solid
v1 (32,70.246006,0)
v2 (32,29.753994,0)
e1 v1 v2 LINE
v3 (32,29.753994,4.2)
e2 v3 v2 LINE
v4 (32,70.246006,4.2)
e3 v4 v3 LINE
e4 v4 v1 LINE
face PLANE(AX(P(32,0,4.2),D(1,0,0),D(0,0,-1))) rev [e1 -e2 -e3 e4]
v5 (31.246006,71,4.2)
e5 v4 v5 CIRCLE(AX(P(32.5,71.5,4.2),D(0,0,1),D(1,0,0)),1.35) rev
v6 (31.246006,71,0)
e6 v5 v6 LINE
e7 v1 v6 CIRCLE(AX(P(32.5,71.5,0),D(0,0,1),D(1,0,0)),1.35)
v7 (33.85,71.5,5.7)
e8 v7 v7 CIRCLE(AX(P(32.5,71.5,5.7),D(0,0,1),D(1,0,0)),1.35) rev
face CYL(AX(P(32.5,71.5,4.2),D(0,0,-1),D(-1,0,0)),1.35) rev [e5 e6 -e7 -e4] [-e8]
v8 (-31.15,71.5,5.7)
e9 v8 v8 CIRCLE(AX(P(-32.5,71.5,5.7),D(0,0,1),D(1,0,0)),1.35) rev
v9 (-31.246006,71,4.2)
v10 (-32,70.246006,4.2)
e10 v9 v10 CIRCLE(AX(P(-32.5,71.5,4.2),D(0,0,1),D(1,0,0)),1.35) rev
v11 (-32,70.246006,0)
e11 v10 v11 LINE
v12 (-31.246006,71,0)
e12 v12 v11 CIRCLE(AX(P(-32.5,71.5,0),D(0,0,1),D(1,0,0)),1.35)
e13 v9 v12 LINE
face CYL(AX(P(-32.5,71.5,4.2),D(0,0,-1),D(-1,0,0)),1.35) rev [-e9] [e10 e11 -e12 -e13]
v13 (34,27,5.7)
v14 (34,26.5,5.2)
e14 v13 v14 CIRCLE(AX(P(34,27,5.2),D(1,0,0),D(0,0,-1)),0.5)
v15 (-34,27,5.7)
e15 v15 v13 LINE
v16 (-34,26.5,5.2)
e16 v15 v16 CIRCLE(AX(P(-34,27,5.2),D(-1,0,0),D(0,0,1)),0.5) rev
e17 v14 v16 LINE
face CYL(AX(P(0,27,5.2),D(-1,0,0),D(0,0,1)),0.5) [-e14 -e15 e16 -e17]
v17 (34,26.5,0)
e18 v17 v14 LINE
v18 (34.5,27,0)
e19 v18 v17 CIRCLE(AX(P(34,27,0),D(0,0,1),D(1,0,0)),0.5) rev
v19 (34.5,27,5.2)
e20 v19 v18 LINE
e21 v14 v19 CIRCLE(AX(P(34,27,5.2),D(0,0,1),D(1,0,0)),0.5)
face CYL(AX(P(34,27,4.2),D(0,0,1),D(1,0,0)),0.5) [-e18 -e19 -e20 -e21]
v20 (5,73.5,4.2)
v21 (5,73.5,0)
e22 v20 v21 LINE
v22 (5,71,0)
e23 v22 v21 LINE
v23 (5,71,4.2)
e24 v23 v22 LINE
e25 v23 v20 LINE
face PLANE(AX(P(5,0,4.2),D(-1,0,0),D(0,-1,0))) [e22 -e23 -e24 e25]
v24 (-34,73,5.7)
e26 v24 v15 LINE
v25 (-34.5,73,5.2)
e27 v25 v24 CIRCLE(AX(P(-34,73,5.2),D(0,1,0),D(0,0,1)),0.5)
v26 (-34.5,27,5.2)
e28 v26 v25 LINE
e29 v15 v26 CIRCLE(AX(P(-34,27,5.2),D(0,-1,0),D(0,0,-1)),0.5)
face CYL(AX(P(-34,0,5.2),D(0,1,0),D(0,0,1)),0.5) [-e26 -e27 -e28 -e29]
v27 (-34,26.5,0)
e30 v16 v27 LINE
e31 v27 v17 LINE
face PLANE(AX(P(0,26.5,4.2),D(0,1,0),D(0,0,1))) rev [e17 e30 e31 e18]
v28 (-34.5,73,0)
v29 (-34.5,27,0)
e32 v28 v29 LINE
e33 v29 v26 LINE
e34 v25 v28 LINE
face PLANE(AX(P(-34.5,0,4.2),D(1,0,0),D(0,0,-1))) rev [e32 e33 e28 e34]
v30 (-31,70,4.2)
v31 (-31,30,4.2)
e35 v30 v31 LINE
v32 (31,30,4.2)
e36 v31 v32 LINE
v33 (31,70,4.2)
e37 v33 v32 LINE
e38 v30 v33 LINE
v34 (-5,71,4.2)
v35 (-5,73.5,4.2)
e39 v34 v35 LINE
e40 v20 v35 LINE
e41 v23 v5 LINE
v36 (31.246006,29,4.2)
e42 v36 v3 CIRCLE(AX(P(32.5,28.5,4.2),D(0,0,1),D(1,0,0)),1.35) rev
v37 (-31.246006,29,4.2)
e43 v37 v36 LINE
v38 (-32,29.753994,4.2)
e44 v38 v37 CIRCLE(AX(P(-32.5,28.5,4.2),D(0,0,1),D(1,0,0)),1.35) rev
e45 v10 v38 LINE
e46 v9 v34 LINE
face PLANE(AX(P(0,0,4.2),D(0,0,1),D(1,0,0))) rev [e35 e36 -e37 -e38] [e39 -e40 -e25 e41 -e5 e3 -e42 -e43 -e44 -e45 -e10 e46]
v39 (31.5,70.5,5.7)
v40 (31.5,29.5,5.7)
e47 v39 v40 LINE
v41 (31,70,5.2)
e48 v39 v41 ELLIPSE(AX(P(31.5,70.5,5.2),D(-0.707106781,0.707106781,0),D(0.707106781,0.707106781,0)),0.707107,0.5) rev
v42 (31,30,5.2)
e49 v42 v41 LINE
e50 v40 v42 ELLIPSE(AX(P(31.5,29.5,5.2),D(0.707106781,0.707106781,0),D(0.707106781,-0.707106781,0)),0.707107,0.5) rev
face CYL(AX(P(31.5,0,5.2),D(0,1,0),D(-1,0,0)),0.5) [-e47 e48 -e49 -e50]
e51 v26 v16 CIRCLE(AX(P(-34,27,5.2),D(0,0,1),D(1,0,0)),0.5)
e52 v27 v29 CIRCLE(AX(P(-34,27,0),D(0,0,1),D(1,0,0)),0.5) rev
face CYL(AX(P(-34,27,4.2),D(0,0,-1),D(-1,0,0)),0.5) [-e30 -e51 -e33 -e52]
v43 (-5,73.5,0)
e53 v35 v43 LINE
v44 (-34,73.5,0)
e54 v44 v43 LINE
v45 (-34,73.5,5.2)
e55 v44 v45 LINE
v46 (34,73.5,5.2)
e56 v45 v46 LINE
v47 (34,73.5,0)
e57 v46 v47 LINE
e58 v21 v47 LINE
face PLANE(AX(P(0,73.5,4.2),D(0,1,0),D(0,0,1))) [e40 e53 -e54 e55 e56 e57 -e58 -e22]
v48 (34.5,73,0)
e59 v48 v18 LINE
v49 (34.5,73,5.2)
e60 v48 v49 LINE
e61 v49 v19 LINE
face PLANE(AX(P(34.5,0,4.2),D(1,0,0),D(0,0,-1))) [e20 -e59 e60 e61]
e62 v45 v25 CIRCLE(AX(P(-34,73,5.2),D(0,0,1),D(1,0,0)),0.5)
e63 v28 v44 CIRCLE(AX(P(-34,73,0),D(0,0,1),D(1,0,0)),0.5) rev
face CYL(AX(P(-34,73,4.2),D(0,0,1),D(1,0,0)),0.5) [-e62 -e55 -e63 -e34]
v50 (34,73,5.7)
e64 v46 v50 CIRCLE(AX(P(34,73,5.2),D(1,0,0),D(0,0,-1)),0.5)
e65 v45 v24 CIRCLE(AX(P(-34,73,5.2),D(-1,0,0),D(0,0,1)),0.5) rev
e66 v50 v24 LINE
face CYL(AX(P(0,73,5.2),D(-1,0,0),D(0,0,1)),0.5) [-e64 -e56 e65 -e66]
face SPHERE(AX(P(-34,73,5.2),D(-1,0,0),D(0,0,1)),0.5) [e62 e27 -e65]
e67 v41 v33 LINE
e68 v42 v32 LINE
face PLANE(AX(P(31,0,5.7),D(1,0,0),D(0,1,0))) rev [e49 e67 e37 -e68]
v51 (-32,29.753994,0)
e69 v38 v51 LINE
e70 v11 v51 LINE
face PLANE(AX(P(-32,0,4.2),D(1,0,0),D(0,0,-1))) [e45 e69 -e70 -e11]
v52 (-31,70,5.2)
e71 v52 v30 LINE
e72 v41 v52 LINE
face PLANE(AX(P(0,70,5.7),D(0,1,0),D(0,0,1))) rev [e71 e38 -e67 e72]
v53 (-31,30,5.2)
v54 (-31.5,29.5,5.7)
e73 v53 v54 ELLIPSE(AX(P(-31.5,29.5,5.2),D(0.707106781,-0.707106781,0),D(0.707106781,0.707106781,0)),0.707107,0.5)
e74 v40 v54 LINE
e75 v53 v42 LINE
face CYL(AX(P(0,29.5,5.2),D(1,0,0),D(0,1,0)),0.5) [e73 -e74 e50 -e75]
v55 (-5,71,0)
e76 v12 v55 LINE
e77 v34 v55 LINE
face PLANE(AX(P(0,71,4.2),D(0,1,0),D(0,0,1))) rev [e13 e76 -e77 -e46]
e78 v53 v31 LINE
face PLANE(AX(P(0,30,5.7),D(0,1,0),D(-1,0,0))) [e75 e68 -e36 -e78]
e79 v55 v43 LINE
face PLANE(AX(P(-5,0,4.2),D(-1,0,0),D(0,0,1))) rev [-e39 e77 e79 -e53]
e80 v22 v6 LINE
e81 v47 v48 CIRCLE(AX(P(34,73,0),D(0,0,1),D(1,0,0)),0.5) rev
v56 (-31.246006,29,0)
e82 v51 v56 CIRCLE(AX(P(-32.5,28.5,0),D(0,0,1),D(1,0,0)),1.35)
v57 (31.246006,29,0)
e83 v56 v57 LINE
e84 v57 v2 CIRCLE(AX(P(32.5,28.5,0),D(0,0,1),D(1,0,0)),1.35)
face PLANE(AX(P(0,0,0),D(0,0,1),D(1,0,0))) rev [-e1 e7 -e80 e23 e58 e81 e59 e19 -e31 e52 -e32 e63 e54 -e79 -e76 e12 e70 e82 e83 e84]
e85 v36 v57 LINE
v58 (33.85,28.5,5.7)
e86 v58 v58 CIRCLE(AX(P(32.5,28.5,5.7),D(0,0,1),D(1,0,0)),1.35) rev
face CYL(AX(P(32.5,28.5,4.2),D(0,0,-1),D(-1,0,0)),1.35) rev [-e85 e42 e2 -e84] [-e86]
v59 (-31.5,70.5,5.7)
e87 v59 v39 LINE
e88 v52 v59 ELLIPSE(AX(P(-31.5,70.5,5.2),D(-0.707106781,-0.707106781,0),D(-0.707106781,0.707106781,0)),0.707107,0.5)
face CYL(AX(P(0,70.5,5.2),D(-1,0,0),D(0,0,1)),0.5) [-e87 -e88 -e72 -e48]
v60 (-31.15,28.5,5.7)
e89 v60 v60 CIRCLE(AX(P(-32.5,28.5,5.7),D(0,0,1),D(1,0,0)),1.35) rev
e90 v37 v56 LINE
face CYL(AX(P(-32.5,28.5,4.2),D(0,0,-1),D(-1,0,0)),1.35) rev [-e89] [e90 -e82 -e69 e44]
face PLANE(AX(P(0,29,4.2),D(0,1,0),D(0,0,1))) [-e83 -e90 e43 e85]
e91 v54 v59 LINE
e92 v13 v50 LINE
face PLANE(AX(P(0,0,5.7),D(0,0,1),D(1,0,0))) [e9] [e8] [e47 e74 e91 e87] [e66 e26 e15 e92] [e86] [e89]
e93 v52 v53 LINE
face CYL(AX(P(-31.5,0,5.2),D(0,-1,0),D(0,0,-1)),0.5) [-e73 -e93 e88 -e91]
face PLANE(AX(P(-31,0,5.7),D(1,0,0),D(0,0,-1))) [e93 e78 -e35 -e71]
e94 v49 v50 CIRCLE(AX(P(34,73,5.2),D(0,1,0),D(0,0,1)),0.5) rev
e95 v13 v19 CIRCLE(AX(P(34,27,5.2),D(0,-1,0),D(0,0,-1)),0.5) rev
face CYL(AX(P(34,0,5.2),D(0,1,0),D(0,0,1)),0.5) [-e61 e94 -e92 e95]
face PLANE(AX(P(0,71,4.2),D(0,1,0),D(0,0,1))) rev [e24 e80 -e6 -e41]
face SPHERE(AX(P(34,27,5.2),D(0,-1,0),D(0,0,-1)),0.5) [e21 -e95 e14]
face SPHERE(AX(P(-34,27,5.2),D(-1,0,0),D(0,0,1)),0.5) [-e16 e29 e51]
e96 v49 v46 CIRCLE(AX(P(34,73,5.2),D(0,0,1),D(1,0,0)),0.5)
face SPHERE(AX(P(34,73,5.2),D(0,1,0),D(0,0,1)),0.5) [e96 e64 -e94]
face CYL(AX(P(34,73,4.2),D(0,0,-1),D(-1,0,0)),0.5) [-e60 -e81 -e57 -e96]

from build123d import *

# Parameters (mm, degrees)
BOSS_EXTRUDE1_DEPTH = 4.2
SKETCH2_W           = 62
SKETCH2_H           = 40
BOSS_EXTRUDE2_DEPTH = 1.5
FILLET1_R           = 0.5


with BuildPart() as part:
    # Sketch1 → Boss-Extrude1 (new body)
    with BuildSketch(Plane.XY):
        with BuildLine():
            Line((-5, 73.5), (-34.5, 73.5))
            Line((-34.5, 73.5), (-34.5, 26.5))
            Line((-34.5, 26.5), (34.5, 26.5))
            Line((34.5, 26.5), (34.5, 73.5))
            Line((34.5, 73.5), (5, 73.5))
            Line((5, 73.5), (5, 71))
            Line((5, 71), (31.24600638, 71))
            ThreePointArc((31.24600638, 71), (32.245433101, 72.825781164), (33.85, 71.5))
            ThreePointArc((33.85, 71.5), (33.25746287, 70.382525168), (32, 70.24600638))
            Line((32, 70.24600638), (32, 29.75399362))
            ThreePointArc((32, 29.75399362), (33.25746287, 29.617474832), (33.85, 28.5))
            ThreePointArc((33.85, 28.5), (32.245433101, 27.174218836), (31.24600638, 29))
            Line((31.24600638, 29), (-31.24600638, 29))
            ThreePointArc((-31.24600638, 29), (-31.174218836, 28.754566899), (-31.15, 28.5))
            ThreePointArc((-31.15, 28.5), (-33.617474832, 27.74253713), (-32, 29.75399362))
            Line((-32, 29.75399362), (-32, 70.24600638))
            ThreePointArc((-32, 70.24600638), (-33.617474832, 72.25746287), (-31.15, 71.5))
            ThreePointArc((-31.15, 71.5), (-31.174218836, 71.245433101), (-31.24600638, 71))
            Line((-31.24600638, 71), (-5, 71))
            Line((-5, 71), (-5, 73.5))
        make_face()
    extrude(amount=BOSS_EXTRUDE1_DEPTH)

    # Sketch2 → Boss-Extrude2 (add)
    # profile 1 of 2: a face of its own
    with BuildSketch(Plane.XY.offset(4.2)):
        with BuildLine():
            Line((31.24600638, 29), (-31.24600638, 29))
            ThreePointArc((-31.24600638, 29), (-33.454594155, 27.545405845), (-32, 29.75399362))
            Line((-32, 29.75399362), (-32, 70.24600638))
            ThreePointArc((-32, 70.24600638), (-33.454594155, 72.454594155), (-31.24600638, 71))
            Line((-31.24600638, 71), (-5, 71))
            Line((-5, 71), (-5, 73.5))
            Line((-5, 73.5), (-34.5, 73.5))
            Line((-34.5, 73.5), (-34.5, 26.5))
            Line((-34.5, 26.5), (34.5, 26.5))
            Line((34.5, 26.5), (34.5, 73.5))
            Line((34.5, 73.5), (5, 73.5))
            Line((5, 73.5), (5, 71))
            Line((5, 71), (31.24600638, 71))
            ThreePointArc((31.24600638, 71), (33.454594155, 72.454594155), (32, 70.24600638))
            Line((32, 70.24600638), (32, 29.75399362))
            ThreePointArc((32, 29.75399362), (33.454594155, 27.545405845), (31.24600638, 29))
        make_face()
    # profile 2 of 2: a face of its own
    with BuildSketch(Plane.XY.offset(4.2)):
        with BuildLine():
            Line((5, 71), (5, 73.5))
            Line((5, 73.5), (-5, 73.5))
            Line((-5, 73.5), (-5, 71))
            Line((-5, 71), (-31.24600638, 71))
            ThreePointArc((-31.24600638, 71), (-31.545405845, 70.545405845), (-32, 70.24600638))
            Line((-32, 70.24600638), (-32, 29.75399362))
            ThreePointArc((-32, 29.75399362), (-31.545405845, 29.454594155), (-31.24600638, 29))
            Line((-31.24600638, 29), (31.24600638, 29))
            ThreePointArc((31.24600638, 29), (31.545405845, 29.454594155), (32, 29.75399362))
            Line((32, 29.75399362), (32, 70.24600638))
            ThreePointArc((32, 70.24600638), (31.545405845, 70.545405845), (31.24600638, 71))
            Line((31.24600638, 71), (5, 71))
        make_face()
        with Locations((0, 50)):
            Rectangle(SKETCH2_W, SKETCH2_H, mode=Mode.SUBTRACT)
    extrude(amount=BOSS_EXTRUDE2_DEPTH)

    # Fillet1
    fillet1_edges = [part.edges().sort_by_distance(p)[0] for p in [
        (34.5, 73.5, 2.85),
        (34.5, 26.5, 2.85),
        (-34.5, 26.5, 2.85),
        (-34.5, 73.5, 2.85),
        (-31, 50, 5.7),
        (0, 30, 5.7),
        (34.5, 50, 5.7),
        (0, 73.5, 5.7),
        (-34.5, 50, 5.7),
        (0, 26.5, 5.7),
        (0, 70, 5.7),
        (31, 50, 5.7),
    ]]
    fillet(fillet1_edges, radius=FILLET1_R)


solid = part.part
